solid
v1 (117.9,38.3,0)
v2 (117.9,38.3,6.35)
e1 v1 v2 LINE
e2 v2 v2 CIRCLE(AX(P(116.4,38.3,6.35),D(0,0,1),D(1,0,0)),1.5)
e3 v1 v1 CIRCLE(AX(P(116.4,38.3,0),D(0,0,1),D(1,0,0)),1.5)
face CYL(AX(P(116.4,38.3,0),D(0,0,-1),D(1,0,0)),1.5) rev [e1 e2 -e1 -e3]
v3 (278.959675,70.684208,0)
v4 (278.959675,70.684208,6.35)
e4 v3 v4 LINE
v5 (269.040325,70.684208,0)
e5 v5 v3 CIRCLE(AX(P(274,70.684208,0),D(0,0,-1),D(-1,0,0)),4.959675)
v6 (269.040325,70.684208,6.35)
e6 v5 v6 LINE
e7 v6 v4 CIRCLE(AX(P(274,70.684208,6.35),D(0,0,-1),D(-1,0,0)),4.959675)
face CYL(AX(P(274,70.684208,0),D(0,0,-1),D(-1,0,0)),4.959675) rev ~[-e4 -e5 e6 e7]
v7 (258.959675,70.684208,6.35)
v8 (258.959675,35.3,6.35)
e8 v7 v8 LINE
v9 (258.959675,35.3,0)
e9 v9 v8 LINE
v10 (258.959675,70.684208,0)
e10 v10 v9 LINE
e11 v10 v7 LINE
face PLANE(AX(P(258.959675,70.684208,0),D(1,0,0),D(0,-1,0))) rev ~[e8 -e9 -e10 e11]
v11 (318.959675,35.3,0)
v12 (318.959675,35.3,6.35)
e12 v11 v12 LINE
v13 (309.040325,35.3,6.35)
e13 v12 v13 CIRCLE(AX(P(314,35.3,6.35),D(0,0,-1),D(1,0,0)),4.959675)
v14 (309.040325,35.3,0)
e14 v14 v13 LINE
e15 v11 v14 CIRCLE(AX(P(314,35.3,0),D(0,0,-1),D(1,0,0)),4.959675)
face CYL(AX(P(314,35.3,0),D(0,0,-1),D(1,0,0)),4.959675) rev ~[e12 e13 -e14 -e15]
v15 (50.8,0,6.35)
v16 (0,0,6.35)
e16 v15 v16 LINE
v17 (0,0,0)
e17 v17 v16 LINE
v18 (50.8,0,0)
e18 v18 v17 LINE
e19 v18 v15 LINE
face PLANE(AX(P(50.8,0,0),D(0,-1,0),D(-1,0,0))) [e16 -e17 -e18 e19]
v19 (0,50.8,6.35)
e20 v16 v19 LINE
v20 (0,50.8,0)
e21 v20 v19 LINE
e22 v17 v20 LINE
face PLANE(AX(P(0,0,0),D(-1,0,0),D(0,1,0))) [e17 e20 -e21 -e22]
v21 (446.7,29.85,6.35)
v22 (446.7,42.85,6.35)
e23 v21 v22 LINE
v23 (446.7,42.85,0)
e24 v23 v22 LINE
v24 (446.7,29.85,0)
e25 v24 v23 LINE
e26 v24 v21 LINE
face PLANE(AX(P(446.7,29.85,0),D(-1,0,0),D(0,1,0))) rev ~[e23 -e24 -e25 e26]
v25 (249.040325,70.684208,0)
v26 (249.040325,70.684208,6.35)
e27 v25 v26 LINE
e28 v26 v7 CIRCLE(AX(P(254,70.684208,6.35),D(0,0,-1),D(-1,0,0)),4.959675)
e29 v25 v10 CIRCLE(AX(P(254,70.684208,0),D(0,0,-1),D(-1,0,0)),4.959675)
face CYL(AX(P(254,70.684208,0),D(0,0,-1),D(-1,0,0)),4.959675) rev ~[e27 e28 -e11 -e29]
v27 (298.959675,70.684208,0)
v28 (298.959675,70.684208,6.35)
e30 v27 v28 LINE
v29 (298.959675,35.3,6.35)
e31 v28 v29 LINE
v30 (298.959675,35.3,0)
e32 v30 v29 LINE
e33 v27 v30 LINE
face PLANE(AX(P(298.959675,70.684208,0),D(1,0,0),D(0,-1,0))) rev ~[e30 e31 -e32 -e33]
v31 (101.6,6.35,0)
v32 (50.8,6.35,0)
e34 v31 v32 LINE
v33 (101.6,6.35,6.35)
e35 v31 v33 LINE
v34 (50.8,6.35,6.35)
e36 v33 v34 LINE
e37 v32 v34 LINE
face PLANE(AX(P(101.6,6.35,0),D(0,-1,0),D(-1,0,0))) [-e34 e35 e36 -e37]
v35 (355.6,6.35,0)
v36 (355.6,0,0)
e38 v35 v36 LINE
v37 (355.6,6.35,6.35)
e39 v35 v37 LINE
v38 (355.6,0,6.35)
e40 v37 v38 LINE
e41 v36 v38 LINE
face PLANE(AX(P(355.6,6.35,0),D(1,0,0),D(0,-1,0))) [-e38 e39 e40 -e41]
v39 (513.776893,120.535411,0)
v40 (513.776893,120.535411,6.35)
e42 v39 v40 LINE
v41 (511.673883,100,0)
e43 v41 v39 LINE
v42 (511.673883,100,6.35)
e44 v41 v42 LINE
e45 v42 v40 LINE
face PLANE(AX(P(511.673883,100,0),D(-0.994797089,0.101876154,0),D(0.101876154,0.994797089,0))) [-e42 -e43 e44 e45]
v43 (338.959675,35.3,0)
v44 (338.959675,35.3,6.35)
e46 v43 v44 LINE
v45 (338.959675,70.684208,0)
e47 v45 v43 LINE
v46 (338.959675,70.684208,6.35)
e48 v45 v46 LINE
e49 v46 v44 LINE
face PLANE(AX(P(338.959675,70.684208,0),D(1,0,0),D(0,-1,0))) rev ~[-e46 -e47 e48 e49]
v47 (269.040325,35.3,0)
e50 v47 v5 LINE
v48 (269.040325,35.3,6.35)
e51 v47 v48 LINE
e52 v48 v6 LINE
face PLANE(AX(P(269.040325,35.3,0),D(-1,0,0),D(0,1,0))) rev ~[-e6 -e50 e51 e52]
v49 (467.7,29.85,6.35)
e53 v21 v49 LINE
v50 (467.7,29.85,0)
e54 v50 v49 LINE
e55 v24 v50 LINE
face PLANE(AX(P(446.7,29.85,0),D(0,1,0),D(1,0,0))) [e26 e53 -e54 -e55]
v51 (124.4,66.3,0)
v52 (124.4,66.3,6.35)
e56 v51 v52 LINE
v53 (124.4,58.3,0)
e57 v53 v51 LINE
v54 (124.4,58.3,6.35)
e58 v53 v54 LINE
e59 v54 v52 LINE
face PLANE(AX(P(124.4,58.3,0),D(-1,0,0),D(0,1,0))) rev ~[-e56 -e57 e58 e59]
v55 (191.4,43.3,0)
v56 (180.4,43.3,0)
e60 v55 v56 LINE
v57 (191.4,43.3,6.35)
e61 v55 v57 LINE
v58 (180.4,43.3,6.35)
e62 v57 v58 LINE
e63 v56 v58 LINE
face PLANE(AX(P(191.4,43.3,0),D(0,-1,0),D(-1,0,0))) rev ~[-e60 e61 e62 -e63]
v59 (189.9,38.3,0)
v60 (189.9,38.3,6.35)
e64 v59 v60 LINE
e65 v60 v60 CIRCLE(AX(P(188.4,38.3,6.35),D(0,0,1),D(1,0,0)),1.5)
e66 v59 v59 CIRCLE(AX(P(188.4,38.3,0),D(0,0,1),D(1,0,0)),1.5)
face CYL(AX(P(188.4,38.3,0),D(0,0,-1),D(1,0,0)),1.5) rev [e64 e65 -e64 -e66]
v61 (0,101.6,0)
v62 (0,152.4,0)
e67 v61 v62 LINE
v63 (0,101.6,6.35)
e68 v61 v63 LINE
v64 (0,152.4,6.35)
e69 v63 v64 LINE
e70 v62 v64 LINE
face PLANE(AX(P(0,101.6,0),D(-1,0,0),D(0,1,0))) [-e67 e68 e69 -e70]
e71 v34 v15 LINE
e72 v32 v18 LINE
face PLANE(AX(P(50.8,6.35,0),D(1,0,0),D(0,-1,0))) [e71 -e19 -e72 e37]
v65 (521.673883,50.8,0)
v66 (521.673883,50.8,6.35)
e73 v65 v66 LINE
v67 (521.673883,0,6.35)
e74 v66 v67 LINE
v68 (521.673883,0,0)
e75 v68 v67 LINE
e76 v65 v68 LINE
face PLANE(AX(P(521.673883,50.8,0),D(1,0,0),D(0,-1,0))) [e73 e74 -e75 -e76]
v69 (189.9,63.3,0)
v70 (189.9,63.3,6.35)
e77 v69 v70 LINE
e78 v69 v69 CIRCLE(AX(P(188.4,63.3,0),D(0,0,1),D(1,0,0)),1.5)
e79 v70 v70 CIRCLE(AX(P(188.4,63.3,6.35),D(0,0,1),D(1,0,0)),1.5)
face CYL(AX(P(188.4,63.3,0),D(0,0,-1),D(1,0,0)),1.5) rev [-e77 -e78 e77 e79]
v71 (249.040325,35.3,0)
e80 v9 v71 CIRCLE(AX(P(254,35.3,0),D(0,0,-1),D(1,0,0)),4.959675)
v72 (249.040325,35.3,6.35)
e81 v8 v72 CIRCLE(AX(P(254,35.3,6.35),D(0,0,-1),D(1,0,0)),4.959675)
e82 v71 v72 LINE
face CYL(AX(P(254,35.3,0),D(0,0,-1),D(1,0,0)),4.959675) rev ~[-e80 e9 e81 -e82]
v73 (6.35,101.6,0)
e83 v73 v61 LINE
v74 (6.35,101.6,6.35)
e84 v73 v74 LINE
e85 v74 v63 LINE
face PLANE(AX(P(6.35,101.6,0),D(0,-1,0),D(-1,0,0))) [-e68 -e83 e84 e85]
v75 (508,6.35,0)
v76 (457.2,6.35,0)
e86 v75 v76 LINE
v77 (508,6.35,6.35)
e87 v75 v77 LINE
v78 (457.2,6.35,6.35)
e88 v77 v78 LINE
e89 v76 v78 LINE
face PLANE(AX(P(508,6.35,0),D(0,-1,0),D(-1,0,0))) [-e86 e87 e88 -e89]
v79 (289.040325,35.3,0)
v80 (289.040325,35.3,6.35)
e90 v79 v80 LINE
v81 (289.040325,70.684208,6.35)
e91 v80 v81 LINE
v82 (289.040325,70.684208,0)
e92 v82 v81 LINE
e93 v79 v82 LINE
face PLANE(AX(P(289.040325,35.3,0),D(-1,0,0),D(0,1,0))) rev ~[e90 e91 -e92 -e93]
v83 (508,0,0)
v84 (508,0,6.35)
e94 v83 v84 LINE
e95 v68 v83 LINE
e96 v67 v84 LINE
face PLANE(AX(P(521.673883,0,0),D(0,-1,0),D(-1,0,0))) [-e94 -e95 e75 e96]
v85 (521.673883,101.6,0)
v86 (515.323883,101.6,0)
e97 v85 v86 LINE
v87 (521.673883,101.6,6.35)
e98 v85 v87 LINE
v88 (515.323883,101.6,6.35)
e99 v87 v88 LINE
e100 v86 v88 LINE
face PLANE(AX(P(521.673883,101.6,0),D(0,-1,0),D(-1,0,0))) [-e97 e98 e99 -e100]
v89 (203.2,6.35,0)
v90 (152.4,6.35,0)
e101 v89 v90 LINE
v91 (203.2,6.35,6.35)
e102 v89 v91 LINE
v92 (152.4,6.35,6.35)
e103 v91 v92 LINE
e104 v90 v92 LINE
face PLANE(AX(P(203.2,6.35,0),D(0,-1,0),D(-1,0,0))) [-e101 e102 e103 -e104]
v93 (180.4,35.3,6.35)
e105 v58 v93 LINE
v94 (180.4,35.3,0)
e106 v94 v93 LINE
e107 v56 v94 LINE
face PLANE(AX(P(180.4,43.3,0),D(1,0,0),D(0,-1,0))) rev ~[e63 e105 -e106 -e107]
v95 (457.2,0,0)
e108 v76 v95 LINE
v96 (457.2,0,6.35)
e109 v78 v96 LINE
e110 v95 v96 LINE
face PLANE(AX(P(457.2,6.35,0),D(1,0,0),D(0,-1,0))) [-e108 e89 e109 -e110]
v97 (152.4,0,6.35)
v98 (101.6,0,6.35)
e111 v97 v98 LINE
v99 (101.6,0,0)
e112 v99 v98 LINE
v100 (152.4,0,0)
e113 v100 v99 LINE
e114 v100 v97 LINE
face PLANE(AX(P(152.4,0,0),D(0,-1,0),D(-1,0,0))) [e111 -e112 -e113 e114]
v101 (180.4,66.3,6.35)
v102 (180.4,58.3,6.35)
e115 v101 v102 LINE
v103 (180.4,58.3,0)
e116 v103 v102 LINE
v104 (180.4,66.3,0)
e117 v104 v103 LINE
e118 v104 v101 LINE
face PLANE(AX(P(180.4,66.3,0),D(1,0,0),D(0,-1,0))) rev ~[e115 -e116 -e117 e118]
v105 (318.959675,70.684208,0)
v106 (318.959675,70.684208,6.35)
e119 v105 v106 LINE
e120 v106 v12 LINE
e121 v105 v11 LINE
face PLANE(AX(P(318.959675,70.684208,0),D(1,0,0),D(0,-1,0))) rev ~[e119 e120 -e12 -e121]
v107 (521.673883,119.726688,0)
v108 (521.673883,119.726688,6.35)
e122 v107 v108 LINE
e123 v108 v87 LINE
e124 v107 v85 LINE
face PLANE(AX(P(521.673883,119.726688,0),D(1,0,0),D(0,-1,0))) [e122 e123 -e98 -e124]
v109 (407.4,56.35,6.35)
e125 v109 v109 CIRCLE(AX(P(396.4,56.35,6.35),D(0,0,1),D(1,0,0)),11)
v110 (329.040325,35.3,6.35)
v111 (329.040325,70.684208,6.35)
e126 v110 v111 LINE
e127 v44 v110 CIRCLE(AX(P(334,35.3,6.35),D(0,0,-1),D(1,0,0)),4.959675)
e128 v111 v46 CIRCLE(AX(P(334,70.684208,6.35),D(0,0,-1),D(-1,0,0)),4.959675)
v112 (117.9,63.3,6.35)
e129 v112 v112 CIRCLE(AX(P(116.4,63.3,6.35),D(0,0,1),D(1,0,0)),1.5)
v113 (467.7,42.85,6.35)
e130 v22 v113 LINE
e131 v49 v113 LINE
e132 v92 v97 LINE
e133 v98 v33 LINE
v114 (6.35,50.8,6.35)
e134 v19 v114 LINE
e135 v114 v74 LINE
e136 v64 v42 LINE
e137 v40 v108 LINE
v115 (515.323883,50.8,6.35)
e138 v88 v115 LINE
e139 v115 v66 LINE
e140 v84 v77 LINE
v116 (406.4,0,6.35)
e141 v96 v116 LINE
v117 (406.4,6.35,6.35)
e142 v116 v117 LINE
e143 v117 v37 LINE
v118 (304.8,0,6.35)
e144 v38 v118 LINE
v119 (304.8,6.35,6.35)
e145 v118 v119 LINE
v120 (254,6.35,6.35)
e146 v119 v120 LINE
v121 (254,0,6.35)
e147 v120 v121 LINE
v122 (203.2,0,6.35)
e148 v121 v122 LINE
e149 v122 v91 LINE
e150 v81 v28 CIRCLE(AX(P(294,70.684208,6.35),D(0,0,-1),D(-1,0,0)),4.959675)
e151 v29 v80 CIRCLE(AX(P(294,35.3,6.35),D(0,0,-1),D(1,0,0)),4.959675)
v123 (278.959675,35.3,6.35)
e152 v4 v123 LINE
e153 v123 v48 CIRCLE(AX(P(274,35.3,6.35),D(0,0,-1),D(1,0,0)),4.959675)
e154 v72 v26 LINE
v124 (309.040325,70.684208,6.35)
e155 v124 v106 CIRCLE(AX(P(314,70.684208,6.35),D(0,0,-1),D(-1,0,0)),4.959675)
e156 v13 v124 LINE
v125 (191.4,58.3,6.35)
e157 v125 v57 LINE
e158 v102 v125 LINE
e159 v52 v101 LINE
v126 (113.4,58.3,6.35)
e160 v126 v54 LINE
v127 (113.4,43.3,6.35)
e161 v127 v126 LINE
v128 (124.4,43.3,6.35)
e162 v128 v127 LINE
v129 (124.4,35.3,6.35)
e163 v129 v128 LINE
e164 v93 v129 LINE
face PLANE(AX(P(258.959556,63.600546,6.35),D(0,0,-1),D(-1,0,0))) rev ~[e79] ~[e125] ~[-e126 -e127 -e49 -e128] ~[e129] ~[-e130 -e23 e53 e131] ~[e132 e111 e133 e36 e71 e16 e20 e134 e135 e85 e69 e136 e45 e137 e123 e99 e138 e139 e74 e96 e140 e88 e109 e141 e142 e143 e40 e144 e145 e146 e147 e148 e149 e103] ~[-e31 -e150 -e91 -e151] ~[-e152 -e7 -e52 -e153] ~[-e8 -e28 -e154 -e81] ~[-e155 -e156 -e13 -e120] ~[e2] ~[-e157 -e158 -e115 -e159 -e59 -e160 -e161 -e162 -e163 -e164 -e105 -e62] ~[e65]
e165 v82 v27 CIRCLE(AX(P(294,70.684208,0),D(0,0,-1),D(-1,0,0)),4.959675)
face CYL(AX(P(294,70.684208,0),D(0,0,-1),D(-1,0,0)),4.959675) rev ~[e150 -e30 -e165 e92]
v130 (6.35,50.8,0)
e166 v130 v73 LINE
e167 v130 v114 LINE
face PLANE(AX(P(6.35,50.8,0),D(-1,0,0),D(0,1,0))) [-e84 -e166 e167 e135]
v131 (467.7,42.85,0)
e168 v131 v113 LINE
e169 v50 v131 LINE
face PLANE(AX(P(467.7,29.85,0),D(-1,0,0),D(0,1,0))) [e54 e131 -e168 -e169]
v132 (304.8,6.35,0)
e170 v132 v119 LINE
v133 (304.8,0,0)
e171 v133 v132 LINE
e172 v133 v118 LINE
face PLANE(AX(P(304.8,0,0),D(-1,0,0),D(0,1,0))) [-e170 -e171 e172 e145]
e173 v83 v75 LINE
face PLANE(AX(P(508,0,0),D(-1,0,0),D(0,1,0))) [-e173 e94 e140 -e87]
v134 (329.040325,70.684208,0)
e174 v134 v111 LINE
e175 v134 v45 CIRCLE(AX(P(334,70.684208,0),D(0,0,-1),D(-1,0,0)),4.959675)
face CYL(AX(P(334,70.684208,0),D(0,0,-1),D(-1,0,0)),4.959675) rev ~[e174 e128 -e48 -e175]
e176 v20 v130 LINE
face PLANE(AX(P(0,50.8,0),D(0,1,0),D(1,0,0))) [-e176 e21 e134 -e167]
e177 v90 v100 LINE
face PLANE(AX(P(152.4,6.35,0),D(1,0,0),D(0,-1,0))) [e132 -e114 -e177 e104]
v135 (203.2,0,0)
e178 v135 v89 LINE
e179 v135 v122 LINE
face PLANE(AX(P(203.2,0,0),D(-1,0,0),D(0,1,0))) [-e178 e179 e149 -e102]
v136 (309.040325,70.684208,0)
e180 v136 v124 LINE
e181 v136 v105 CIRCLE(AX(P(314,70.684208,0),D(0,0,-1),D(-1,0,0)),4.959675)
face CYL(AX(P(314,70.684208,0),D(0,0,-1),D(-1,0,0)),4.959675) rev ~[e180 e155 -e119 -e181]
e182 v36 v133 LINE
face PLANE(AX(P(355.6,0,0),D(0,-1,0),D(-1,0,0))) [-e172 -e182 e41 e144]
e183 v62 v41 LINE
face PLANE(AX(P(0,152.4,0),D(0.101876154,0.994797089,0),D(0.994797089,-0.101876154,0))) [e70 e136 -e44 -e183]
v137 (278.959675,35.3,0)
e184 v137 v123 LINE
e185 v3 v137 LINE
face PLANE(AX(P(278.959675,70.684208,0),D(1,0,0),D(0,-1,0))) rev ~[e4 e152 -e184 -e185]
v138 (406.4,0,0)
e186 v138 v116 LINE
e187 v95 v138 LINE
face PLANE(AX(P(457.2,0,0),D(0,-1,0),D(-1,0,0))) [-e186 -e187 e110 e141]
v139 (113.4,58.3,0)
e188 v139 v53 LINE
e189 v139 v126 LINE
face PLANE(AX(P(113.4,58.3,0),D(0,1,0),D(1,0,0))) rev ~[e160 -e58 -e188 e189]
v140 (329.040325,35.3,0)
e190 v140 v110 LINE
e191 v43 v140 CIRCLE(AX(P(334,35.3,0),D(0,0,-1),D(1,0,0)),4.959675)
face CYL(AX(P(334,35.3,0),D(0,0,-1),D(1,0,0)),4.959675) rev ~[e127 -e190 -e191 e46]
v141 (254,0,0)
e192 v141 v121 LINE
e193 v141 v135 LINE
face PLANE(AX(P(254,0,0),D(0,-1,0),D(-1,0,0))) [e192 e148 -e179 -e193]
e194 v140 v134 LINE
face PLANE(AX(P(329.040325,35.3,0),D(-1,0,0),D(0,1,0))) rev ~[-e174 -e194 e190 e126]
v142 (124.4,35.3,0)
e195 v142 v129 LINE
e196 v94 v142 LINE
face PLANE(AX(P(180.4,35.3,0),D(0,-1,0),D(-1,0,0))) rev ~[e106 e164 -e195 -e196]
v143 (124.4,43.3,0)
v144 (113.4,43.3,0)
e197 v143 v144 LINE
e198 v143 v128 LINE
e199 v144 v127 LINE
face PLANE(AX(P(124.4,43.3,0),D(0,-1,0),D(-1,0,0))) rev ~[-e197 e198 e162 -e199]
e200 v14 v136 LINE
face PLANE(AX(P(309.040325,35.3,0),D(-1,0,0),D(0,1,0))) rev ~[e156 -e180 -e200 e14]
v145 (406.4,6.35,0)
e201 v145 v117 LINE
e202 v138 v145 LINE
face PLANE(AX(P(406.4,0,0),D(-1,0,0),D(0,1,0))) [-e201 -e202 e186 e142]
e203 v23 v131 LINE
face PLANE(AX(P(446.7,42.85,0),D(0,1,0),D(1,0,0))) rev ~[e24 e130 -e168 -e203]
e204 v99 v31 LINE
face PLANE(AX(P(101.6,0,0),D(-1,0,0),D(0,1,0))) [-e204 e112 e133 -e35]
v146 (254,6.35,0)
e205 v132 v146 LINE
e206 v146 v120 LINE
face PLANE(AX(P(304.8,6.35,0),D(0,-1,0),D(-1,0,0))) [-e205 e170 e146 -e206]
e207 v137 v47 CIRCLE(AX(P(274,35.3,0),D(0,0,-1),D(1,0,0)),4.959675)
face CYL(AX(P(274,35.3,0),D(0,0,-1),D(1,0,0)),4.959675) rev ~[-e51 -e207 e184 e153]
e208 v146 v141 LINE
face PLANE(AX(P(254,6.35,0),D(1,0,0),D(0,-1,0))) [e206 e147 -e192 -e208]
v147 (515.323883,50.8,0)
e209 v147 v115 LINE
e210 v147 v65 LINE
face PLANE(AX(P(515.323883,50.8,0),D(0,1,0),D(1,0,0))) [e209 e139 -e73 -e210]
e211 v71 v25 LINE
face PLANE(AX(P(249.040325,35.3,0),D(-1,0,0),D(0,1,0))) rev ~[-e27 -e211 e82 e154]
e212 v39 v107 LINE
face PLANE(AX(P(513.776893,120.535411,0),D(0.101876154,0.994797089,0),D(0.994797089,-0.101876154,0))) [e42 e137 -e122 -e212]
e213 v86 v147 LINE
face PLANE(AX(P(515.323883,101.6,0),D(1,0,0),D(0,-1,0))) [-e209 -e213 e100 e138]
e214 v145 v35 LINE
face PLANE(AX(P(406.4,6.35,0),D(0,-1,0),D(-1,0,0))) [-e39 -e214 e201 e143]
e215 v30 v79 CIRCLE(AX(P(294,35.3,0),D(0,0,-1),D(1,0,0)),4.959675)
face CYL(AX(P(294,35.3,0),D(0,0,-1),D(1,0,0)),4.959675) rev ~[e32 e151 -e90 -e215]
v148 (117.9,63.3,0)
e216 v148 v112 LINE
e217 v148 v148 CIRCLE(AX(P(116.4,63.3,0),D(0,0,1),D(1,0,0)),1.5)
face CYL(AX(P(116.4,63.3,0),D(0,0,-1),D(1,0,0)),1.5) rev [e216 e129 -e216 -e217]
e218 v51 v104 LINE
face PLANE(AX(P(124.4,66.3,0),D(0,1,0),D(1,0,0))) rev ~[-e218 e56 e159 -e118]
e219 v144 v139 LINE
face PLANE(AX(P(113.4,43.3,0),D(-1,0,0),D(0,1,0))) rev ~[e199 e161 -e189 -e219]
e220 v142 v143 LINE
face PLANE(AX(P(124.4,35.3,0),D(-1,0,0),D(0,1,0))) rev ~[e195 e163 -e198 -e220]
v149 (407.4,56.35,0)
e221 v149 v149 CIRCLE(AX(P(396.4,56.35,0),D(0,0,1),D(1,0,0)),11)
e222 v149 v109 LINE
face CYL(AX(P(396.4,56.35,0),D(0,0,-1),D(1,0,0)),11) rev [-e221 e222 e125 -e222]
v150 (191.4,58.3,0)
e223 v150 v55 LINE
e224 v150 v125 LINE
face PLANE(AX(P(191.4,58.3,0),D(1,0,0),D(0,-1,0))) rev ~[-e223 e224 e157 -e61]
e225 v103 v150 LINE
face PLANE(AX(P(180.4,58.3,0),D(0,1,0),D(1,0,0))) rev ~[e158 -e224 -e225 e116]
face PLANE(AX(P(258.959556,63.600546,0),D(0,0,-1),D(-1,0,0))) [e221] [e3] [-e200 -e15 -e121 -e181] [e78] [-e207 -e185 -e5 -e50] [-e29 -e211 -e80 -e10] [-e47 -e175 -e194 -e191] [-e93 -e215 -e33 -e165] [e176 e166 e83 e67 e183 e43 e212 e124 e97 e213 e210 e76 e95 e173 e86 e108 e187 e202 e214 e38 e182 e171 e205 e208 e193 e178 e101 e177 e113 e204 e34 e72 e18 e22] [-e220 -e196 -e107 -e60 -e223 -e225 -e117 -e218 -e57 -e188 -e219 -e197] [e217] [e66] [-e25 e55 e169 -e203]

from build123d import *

# Parameters (mm, degrees)
SKETCH2_R           = 11
SKETCH2_R_2         = 1.5
SKETCH2_W           = 21
SKETCH2_H           = 13
BOSS_EXTRUDE1_DEPTH = 6.35


with BuildPart() as part:
    # Sketch2 → Boss-Extrude1 (new body)
    with BuildSketch(Plane.XY):
        Polygon((0, 152.4), (511.673882957, 100), (513.77689344, 120.535411062), (521.673882957, 119.726688428), (521.673882957, 101.6), (515.323882957, 101.6), (515.323882957, 50.8), (521.673882957, 50.8), (521.673882957, 0), (508, 0), (508, 6.35), (457.2, 6.35), (457.2, 0), (406.4, 0), (406.4, 6.35), (355.6, 6.35), (355.6, 0), (304.8, 0), (304.8, 6.35), (254, 6.35), (254, 0), (203.2, 0), (203.2, 6.35), (152.4, 6.35), (152.4, 0), (101.6, 0), (101.6, 6.35), (50.8, 6.35), (50.8, 0), (0, 0), (0, 50.8), (6.35, 50.8), (6.35, 101.6), (0, 101.6), align=None)
        with Locations((396.4, 56.35)):
            Circle(SKETCH2_R, mode=Mode.SUBTRACT)
        with Locations((116.4, 63.3)):
            Circle(SKETCH2_R_2, mode=Mode.SUBTRACT)
        with Locations((188.4, 63.3)):
            Circle(SKETCH2_R_2, mode=Mode.SUBTRACT)
        with Locations((188.4, 38.3)):
            Circle(SKETCH2_R_2, mode=Mode.SUBTRACT)
        with Locations((116.4, 38.3)):
            Circle(SKETCH2_R_2, mode=Mode.SUBTRACT)
        Polygon((180.4, 58.3), (191.4, 58.3), (191.4, 43.3), (180.4, 43.3), (180.4, 35.3), (124.4, 35.3), (124.4, 43.3), (113.4, 43.3), (113.4, 58.3), (124.4, 58.3), (124.4, 66.3), (180.4, 66.3), align=None, mode=Mode.SUBTRACT)
        with Locations((457.2, 36.35)):
            Rectangle(SKETCH2_W, SKETCH2_H, mode=Mode.SUBTRACT)
        with BuildLine():
            Line((249.0403247, 35.3), (249.0403247, 70.684208401))
            ThreePointArc((249.0403247, 70.684208401), (254, 75.643883701), (258.9596753, 70.684208401))
            Line((258.9596753, 70.684208401), (258.9596753, 35.3))
            ThreePointArc((258.9596753, 35.3), (254, 30.3403247), (249.0403247, 35.3))
        make_face(mode=Mode.SUBTRACT)
        with BuildLine():
            Line((269.0403247, 35.3), (269.0403247, 70.684208401))
            ThreePointArc((269.0403247, 70.684208401), (274, 75.643883701), (278.9596753, 70.684208401))
            Line((278.9596753, 70.684208401), (278.9596753, 35.3))
            ThreePointArc((278.9596753, 35.3), (274, 30.3403247), (269.0403247, 35.3))
        make_face(mode=Mode.SUBTRACT)
        with BuildLine():
            Line((289.0403247, 35.3), (289.0403247, 70.684208401))
            ThreePointArc((289.0403247, 70.684208401), (294, 75.643883701), (298.9596753, 70.684208401))
            Line((298.9596753, 70.684208401), (298.9596753, 35.3))
            ThreePointArc((298.9596753, 35.3), (294, 30.3403247), (289.0403247, 35.3))
        make_face(mode=Mode.SUBTRACT)
        with BuildLine():
            Line((309.0403247, 35.3), (309.0403247, 70.684208401))
            ThreePointArc((309.0403247, 70.684208401), (314, 75.643883701), (318.9596753, 70.684208401))
            Line((318.9596753, 70.684208401), (318.9596753, 35.3))
            ThreePointArc((318.9596753, 35.3), (314, 30.3403247), (309.0403247, 35.3))
        make_face(mode=Mode.SUBTRACT)
        with BuildLine():
            Line((329.0403247, 35.3), (329.0403247, 70.684208401))
            ThreePointArc((329.0403247, 70.684208401), (334, 75.643883701), (338.9596753, 70.684208401))
            Line((338.9596753, 70.684208401), (338.9596753, 35.3))
            ThreePointArc((338.9596753, 35.3), (334, 30.3403247), (329.0403247, 35.3))
        make_face(mode=Mode.SUBTRACT)
    extrude(amount=BOSS_EXTRUDE1_DEPTH)


solid = part.part
